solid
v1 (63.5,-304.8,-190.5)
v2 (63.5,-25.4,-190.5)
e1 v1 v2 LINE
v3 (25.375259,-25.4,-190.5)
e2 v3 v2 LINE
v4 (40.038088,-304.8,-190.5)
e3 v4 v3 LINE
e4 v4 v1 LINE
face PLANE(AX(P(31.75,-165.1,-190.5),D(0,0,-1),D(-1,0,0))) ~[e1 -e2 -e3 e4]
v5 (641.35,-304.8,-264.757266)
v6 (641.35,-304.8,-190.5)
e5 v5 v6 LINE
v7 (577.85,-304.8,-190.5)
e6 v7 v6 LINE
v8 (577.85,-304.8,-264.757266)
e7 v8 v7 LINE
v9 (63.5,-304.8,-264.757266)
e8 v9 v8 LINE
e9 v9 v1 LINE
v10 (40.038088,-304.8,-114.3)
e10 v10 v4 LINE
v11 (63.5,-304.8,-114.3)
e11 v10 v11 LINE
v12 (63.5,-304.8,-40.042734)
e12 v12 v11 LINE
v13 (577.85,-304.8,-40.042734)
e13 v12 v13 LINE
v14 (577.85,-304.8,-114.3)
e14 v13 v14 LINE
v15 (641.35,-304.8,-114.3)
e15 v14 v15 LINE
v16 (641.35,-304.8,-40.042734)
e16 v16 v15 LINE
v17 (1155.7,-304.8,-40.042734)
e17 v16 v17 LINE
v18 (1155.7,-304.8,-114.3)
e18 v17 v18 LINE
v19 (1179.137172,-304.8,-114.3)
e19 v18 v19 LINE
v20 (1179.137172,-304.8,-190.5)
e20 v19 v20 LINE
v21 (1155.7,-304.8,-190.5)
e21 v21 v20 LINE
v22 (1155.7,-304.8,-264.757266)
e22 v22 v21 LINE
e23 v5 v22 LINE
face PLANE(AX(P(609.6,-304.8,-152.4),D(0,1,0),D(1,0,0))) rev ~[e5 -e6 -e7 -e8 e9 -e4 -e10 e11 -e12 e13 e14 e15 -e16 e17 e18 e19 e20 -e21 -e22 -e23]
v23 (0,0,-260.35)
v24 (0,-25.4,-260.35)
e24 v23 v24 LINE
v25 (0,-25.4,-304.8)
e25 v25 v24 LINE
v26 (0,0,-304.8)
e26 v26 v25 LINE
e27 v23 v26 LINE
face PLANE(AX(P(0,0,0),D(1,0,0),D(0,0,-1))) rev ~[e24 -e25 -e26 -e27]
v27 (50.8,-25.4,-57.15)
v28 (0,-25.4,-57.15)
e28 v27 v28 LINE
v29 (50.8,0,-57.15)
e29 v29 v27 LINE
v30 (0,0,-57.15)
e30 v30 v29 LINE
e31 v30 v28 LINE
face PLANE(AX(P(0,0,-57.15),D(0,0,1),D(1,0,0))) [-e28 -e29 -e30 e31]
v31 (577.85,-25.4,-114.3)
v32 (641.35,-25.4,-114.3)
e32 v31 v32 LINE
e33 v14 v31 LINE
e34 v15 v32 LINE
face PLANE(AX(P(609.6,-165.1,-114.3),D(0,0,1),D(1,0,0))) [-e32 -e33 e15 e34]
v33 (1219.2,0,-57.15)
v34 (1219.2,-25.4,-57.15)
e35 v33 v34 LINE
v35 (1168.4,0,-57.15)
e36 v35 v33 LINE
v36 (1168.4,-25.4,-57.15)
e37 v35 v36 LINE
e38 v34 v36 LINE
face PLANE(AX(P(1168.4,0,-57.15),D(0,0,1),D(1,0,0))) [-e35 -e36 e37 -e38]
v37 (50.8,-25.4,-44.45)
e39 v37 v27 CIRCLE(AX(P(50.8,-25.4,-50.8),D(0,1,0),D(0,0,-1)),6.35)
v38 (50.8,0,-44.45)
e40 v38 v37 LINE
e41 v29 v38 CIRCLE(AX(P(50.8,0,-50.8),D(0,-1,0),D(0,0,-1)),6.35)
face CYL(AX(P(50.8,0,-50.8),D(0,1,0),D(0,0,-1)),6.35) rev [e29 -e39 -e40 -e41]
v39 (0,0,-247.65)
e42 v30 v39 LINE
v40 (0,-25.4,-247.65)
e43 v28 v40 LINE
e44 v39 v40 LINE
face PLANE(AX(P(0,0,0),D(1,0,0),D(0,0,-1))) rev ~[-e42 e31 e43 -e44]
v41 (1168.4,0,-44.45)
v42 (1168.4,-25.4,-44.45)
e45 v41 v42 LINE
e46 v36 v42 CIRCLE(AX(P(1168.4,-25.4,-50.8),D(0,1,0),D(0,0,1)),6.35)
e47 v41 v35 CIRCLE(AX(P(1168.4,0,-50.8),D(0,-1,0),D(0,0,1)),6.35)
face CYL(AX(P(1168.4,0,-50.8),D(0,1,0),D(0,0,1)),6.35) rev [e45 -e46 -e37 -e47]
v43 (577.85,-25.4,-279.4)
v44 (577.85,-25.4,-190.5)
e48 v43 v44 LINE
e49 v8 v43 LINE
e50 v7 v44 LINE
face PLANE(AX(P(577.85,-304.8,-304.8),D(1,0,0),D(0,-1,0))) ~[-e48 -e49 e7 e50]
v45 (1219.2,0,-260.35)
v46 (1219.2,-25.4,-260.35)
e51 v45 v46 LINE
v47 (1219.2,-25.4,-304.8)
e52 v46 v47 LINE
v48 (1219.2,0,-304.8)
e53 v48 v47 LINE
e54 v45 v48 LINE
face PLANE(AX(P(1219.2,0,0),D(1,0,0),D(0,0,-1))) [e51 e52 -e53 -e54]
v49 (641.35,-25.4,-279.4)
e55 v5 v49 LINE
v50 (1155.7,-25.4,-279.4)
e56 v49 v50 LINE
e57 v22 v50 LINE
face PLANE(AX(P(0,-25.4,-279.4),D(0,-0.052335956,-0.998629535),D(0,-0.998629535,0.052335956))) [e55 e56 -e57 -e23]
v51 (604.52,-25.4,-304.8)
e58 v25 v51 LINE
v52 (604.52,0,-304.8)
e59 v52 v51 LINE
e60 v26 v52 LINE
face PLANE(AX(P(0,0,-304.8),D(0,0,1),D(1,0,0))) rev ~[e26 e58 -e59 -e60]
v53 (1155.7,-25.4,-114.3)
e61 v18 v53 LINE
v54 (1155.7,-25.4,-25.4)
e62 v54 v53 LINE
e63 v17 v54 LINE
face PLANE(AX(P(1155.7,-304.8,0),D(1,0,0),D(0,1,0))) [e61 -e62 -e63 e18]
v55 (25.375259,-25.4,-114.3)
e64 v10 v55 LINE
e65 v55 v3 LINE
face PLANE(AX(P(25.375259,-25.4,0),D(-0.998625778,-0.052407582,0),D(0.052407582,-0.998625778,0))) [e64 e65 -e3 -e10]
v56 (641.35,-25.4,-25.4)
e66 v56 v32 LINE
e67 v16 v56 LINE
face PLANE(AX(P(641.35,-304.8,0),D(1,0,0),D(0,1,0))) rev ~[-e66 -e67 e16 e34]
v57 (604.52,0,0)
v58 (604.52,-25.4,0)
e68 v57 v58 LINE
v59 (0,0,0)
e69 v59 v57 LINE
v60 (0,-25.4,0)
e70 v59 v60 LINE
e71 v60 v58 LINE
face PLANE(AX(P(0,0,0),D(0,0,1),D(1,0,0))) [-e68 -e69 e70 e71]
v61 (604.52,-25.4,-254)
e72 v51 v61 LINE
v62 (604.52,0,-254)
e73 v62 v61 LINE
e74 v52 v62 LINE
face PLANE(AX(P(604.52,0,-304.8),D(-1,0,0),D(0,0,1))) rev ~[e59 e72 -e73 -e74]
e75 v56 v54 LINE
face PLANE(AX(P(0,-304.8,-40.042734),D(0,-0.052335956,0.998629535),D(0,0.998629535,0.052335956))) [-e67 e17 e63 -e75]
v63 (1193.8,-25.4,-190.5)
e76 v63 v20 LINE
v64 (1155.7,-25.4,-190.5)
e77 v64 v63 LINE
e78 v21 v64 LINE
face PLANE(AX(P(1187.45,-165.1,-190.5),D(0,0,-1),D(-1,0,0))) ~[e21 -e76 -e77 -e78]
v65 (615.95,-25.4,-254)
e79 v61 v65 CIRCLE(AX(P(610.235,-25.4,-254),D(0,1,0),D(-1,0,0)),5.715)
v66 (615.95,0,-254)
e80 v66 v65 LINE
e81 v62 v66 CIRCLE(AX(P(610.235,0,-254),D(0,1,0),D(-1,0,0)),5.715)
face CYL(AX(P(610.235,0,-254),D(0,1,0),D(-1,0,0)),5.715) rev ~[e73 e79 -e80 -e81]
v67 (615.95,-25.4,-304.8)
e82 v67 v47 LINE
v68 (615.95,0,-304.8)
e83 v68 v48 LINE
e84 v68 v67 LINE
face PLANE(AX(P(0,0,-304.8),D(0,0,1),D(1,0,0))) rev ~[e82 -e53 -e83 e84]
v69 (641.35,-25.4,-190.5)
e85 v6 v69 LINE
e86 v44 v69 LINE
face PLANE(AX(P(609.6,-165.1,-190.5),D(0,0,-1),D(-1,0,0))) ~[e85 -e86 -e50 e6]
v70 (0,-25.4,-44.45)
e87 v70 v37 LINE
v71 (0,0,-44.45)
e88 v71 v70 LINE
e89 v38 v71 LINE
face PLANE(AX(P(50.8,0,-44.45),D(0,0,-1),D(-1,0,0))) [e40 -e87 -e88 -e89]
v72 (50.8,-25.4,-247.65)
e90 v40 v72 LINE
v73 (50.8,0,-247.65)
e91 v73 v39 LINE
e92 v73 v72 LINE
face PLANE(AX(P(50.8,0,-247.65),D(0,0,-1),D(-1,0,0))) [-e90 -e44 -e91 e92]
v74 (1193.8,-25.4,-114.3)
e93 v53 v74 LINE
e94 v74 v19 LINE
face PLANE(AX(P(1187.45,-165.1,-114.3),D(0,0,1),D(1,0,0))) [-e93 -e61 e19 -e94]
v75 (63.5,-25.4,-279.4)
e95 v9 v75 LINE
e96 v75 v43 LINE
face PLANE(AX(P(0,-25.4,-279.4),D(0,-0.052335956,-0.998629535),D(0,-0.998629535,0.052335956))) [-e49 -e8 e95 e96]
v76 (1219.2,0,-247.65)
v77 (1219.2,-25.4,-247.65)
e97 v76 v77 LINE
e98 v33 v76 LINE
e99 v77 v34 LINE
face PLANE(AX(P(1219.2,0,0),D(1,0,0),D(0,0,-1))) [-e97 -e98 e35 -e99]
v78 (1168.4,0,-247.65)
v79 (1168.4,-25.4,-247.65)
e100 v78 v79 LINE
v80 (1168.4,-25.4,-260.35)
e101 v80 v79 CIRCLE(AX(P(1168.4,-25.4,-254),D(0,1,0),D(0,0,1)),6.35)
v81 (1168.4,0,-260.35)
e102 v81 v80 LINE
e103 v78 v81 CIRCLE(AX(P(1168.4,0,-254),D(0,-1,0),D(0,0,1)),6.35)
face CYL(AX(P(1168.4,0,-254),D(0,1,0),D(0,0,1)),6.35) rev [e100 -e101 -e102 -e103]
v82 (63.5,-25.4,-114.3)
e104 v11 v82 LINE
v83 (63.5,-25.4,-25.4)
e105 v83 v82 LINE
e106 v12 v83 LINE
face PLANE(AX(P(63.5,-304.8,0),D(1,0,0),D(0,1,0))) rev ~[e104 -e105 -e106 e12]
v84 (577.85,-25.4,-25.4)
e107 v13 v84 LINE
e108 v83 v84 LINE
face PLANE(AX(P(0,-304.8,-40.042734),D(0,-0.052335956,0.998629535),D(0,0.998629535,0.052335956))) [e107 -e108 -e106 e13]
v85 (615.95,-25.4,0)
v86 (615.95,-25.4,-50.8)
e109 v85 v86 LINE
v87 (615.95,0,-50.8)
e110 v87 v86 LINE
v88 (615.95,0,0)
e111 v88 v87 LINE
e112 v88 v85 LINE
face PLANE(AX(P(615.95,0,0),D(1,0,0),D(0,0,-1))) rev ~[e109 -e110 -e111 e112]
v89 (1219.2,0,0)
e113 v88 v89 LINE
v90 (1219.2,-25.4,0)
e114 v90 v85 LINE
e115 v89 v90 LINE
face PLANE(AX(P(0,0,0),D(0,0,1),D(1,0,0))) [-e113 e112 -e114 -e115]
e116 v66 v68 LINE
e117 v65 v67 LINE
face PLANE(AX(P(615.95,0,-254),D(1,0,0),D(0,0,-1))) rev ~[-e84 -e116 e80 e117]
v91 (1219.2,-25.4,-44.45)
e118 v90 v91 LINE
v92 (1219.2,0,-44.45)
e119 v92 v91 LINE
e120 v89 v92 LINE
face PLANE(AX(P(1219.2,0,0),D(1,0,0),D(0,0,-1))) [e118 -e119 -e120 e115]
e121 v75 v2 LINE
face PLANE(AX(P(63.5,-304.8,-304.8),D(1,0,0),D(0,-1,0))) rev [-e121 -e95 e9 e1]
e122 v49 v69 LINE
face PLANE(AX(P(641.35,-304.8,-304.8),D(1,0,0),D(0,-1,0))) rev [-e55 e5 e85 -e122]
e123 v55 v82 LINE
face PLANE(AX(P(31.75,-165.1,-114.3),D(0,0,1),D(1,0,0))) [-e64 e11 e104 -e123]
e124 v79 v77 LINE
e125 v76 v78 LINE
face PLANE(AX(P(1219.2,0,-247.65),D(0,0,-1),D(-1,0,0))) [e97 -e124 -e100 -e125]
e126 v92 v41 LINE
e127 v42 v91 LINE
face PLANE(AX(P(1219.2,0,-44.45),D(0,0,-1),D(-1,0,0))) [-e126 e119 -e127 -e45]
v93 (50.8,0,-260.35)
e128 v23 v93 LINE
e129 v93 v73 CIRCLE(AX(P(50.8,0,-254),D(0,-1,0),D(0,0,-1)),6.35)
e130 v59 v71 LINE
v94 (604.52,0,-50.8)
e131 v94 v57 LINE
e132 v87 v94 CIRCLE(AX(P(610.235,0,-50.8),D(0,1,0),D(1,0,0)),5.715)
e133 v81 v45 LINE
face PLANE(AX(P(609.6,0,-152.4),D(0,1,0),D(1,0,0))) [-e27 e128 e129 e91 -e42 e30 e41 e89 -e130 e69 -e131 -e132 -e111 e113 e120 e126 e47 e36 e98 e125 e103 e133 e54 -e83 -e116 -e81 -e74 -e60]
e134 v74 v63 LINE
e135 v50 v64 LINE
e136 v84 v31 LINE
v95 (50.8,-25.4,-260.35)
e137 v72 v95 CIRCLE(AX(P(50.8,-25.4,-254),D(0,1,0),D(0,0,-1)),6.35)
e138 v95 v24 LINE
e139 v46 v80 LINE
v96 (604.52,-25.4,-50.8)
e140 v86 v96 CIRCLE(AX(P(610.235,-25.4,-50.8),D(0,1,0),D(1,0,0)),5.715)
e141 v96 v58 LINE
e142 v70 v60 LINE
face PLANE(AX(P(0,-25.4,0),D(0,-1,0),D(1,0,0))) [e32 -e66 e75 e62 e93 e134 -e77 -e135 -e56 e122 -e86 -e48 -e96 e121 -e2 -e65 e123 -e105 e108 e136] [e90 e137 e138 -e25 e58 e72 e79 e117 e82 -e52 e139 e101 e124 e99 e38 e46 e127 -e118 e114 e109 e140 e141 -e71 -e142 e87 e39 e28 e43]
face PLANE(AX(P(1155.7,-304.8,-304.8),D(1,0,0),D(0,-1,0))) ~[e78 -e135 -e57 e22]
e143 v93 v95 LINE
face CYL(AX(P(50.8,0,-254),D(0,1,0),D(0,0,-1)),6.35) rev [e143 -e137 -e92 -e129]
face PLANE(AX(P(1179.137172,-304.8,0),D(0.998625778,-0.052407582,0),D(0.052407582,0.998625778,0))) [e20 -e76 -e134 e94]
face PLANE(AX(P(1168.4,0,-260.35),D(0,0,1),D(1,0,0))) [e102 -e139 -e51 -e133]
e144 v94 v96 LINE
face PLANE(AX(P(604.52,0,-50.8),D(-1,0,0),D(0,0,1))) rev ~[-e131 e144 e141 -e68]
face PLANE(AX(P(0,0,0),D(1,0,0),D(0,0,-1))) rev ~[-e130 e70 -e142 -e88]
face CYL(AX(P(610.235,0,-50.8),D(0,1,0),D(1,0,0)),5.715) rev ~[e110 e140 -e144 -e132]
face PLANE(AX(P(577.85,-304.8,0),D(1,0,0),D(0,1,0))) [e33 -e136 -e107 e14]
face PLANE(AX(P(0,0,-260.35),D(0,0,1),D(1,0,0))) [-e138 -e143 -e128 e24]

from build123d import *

# Parameters (mm, degrees)
SKETCH1_W           = 1219.2
SKETCH1_H           = 304.8
BOSS_EXTRUDE1_DEPTH = 304.8
CUT_EXTRUDE1_DEPTH  = 1294.156881434
CUT_EXTRUDE2_DEPTH  = 1294.156881434
CUT_EXTRUDE4_DEPTH  = 1294.156881434
SKETCH7_W           = 63.5
SKETCH7_H           = 279.4
CUT_EXTRUDE5_DEPTH  = 114.3


with BuildPart() as part:
    # Sketch1 → Boss-Extrude1 (new body)
    with BuildSketch(Plane(origin=(0, 0, 0), x_dir=(1, 0, 0), z_dir=(0, 1, 0))):
        with Locations((609.6, 152.4)):
            Rectangle(SKETCH1_W, SKETCH1_H)
    extrude(amount=-BOSS_EXTRUDE1_DEPTH)

    # Sketch2 → Cut-Extrude1 (cut, through all)
    with BuildSketch(Plane(origin=(0, 0, 0), x_dir=(1, 0, 0), z_dir=(0, 1, 0))):
        with BuildLine():
            Line((0, 260.35), (50.8, 260.35))
            ThreePointArc((50.8, 260.35), (57.15, 254), (50.8, 247.65))
            Line((50.8, 247.65), (0, 247.65))
            Line((0, 247.65), (0, 260.35))
        make_face()
        with BuildLine():
            Line((0, 57.15), (50.8, 57.15))
            ThreePointArc((50.8, 57.15), (57.15, 50.8), (50.8, 44.45))
            Line((50.8, 44.45), (0, 44.45))
            Line((0, 44.45), (0, 57.15))
        make_face()
        with BuildLine():
            Line((1219.2, 57.15), (1219.2, 44.45))
            Line((1219.2, 44.45), (1168.4, 44.45))
            ThreePointArc((1168.4, 44.45), (1162.05, 50.8), (1168.4, 57.15))
            Line((1168.4, 57.15), (1219.2, 57.15))
        make_face()
        with BuildLine():
            Line((1219.2, 260.35), (1219.2, 247.65))
            Line((1219.2, 247.65), (1168.4, 247.65))
            ThreePointArc((1168.4, 247.65), (1162.05, 254), (1168.4, 260.35))
            Line((1168.4, 260.35), (1219.2, 260.35))
        make_face()
        with BuildLine():
            Line((604.52, 304.8), (604.52, 254))
            ThreePointArc((604.52, 254), (610.235, 248.285), (615.95, 254))
            Line((615.95, 254), (615.95, 304.8))
            Line((615.95, 304.8), (604.52, 304.8))
        make_face()
        with BuildLine():
            Line((615.95, 0), (615.95, 50.8))
            ThreePointArc((615.95, 50.8), (610.235, 56.515), (604.52, 50.8))
            Line((604.52, 50.8), (604.52, 0))
            Line((604.52, 0), (615.95, 0))
        make_face()
    extrude(amount=-CUT_EXTRUDE1_DEPTH, mode=Mode.SUBTRACT)

    # Sketch4 → Cut-Extrude2 (cut, through all)
    with BuildSketch(Plane.ZY):
        Polygon((-304.8, -25.4), (-279.4, -25.4), (-264.757266468, -304.8), (-304.8, -304.8), align=None)
        Polygon((-40.042733532, -304.8), (-25.4, -25.4), (0, -25.4), (0, -304.8), align=None)
    extrude(amount=-CUT_EXTRUDE2_DEPTH, mode=Mode.SUBTRACT)

    # Sketch6 → Cut-Extrude4 (cut, through all)
    with BuildSketch(Plane.XY):
        Polygon((0, -25.4), (25.375259462, -25.4), (40.03808789, -304.8), (0, -304.8), align=None)
        Polygon((1193.8, -25.4), (1219.2, -25.4), (1219.2, -304.8), (1179.137171572, -304.8), align=None)
    extrude(amount=-CUT_EXTRUDE4_DEPTH, mode=Mode.SUBTRACT)

    # Sketch7 → Cut-Extrude5 (cut)
    with BuildSketch(Plane.XY):
        with Locations((1187.45, -165.1)):
            Rectangle(SKETCH7_W, SKETCH7_H)
        with Locations((31.75, -165.1)):
            Rectangle(SKETCH7_W, SKETCH7_H)
        with Locations((609.6, -165.1)):
            Rectangle(SKETCH7_W, SKETCH7_H)
    cut_extrude5 = extrude(amount=-CUT_EXTRUDE5_DEPTH, mode=Mode.SUBTRACT)

    # Mirror1: Cut-Extrude5 across plane
    add(cut_extrude5.mirror(Plane(origin=(0, 0, -152.4), x_dir=(1, 0, 0), z_dir=(0, 0, -1))), mode=Mode.SUBTRACT)


solid = part.part
